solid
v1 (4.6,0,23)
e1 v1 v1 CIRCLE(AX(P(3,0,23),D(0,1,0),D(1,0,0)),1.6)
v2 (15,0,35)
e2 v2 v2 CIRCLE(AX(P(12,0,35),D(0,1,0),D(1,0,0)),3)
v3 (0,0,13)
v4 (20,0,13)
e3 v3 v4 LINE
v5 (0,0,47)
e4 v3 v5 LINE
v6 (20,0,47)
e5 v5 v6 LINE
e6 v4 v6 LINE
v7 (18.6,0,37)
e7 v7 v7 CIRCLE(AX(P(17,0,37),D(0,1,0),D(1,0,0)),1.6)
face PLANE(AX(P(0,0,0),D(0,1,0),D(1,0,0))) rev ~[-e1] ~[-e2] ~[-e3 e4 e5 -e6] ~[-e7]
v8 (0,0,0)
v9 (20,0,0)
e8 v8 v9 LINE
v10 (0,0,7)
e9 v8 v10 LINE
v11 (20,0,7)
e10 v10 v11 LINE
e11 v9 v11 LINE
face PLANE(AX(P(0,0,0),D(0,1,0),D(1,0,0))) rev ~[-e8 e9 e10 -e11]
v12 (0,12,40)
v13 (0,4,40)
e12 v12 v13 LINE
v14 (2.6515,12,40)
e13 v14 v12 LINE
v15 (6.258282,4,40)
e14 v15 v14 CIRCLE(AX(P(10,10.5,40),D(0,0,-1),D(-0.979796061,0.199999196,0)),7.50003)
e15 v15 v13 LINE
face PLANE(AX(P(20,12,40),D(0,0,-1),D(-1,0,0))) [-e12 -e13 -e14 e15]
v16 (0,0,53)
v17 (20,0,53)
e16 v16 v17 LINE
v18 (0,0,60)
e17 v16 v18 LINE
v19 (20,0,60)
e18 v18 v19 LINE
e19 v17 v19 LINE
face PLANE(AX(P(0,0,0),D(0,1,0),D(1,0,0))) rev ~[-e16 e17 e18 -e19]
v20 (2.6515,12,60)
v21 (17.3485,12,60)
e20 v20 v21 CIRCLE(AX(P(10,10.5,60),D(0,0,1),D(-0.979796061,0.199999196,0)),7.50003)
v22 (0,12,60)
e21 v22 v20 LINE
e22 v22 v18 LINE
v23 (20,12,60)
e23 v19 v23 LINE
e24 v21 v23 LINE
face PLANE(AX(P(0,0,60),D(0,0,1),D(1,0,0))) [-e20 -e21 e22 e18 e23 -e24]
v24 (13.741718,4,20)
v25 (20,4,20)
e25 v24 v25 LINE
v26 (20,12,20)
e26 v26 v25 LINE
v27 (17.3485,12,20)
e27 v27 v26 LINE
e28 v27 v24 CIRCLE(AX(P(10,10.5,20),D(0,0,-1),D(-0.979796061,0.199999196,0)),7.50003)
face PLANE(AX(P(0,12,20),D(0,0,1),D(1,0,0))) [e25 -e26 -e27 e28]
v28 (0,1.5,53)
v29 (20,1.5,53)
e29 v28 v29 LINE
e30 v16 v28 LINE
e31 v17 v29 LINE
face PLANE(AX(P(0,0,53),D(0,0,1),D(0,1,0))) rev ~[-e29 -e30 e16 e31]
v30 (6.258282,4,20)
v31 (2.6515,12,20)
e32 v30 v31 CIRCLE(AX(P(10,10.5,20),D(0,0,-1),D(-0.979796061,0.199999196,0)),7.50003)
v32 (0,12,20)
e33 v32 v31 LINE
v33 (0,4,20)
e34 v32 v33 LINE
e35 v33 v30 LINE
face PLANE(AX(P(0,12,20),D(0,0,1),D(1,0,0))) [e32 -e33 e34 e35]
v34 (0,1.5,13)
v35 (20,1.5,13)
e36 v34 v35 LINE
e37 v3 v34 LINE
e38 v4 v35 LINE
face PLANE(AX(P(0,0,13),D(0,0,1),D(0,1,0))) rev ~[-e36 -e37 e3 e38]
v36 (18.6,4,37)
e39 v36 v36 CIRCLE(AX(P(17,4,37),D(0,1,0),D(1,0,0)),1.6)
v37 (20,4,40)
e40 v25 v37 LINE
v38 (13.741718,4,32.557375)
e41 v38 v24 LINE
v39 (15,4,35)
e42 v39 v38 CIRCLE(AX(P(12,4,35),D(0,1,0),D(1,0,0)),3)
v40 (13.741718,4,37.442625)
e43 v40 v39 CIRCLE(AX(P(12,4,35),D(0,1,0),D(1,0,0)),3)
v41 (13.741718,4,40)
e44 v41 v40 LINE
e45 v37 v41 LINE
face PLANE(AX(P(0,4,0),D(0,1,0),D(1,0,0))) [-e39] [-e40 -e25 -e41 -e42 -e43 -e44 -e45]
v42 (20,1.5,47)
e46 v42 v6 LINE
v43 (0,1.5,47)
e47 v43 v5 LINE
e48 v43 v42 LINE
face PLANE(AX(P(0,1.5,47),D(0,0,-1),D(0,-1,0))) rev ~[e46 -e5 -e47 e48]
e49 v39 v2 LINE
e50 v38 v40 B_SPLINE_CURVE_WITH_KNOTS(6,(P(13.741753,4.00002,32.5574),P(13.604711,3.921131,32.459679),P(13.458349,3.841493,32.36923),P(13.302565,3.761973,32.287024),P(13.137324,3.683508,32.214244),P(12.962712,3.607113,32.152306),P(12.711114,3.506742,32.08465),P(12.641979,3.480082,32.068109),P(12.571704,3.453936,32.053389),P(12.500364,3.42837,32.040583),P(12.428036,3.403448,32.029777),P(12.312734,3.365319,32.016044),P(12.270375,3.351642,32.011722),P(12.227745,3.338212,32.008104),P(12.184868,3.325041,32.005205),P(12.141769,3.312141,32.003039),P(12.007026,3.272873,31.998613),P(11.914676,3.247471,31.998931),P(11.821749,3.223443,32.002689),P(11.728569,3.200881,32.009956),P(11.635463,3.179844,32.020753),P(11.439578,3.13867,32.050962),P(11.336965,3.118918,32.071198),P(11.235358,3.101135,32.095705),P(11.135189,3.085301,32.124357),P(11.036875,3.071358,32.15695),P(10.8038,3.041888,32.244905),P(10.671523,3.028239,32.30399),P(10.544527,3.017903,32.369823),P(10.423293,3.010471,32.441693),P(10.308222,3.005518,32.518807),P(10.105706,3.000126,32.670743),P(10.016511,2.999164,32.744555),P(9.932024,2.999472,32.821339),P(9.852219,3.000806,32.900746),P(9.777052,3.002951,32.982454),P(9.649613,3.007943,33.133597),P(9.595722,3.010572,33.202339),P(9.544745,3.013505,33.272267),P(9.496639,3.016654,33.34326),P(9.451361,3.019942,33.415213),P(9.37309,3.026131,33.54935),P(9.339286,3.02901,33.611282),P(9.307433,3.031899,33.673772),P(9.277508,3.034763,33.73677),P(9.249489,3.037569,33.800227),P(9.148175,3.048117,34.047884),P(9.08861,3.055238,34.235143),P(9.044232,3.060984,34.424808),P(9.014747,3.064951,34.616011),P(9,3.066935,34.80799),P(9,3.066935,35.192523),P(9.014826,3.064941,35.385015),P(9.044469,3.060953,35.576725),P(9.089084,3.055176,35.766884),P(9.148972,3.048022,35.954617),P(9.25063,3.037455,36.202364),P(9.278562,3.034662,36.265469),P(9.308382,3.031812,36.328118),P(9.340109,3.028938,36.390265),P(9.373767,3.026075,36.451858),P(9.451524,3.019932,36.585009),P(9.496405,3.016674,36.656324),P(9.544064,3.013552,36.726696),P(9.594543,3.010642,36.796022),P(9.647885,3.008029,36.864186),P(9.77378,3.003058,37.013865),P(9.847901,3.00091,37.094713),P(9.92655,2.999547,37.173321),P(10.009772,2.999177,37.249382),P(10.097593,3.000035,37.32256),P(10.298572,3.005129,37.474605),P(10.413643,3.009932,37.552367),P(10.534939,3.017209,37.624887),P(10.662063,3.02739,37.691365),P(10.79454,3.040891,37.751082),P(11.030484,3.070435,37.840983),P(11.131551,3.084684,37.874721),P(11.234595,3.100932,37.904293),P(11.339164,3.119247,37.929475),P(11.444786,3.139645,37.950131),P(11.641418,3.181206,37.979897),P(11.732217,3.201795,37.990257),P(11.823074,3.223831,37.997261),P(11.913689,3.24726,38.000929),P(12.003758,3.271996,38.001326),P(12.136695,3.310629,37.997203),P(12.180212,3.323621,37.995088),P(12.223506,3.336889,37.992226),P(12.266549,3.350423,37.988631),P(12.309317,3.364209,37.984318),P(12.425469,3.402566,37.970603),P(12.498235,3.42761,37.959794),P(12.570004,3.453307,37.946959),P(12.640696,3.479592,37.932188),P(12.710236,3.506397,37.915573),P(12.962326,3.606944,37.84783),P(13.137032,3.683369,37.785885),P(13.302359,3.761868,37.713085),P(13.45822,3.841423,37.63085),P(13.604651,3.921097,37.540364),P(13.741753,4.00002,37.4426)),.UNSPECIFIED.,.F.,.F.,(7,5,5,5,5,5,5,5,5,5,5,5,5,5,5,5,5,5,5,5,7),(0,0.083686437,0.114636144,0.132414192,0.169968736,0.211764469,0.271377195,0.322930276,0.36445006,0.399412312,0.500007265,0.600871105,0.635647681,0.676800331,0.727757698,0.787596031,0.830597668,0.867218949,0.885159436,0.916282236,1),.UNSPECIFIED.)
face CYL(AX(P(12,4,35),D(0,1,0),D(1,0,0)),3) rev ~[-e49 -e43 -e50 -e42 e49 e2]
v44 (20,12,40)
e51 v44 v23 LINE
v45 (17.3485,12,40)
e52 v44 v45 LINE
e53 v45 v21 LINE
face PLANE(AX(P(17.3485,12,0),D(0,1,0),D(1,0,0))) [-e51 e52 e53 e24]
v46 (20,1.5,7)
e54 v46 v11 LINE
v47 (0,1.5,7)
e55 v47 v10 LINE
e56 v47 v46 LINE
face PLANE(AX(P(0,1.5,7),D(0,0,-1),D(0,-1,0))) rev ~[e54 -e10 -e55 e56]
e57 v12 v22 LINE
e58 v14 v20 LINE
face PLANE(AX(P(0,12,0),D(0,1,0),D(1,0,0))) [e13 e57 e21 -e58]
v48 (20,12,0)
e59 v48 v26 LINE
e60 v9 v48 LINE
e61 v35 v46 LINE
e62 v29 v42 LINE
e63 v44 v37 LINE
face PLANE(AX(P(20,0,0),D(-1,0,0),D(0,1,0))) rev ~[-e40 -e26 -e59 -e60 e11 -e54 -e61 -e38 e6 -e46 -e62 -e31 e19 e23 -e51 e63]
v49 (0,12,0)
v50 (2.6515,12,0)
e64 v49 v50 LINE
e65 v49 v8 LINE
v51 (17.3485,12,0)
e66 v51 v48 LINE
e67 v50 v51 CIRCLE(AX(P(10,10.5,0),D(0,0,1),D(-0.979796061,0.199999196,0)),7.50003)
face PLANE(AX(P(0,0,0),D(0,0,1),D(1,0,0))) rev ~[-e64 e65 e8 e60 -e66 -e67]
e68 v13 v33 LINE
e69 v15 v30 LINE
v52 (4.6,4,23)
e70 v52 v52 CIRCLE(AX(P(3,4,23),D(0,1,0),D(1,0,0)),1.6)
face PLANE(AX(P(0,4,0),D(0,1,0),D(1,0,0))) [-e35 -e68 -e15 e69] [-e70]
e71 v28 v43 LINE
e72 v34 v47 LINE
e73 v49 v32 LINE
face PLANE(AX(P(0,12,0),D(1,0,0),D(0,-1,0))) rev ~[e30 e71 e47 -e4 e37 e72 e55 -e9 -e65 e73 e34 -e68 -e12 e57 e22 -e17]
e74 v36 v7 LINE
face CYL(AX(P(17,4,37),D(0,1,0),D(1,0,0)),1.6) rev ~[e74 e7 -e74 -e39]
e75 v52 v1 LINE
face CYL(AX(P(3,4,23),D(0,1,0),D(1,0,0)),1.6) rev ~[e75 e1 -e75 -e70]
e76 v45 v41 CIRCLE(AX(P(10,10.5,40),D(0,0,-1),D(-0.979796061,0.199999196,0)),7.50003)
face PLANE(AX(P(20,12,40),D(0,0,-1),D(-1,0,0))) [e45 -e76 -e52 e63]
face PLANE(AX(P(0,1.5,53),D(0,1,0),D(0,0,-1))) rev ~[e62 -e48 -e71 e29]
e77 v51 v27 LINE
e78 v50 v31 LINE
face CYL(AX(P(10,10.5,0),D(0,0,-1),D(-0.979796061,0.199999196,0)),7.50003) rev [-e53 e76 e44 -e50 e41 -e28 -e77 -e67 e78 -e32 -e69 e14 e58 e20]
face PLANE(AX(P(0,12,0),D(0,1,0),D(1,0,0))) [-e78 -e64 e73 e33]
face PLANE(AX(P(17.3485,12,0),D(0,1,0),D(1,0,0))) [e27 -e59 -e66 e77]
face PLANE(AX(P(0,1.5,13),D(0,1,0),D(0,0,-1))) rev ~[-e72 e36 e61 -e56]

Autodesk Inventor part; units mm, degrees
ref_plane "YZ Plane" through (0, 0, 0) normal (1, 0, 0) x (0, 1, 0)
ref_plane "XZ Plane" through (0, 0, 0) normal (0, 1, 0) x (-1, 0, 0)
ref_plane "XY Plane" through (0, 0, 0) normal (0, 0, 1) x (1, 0, 0)
sketch "Sketch1" plane through (0, 0, 0) normal (0, 0, 1) x (1, 0, 0)
  line L0 (0, 0) -> (20, 0)
  line L1 (20, 0) -> (20, 12)
  line L2 (20, 12) -> (0, 12) construction
  line L3 (0, 12) -> (0, 0)
  arc A0 (2.6515, 12) -> (17.3485, 12) centre (10, 10.5) ccw
  line L4 (0, 12) -> (2.6515, 12)
  line L5 (17.3485, 12) -> (20, 12)
  point P0 (10, 12)
  dimension "d0" = 20
  dimension "d1" = 12
  dimension "d2" = 15
  dimension "d14" = 1.5
extrude "Extrusion1" add sketch "Sketch1" along normal blind 60
sketch "Sketch4" plane through (0, 12, 0) normal (0, 1, 0) x (1, 0, 0)
  line L0 (0, -20) -> (20, -20)
  line L1 (20, -20) -> (20, -40)
  line L2 (20, -40) -> (0, -40)
  line L3 (0, -40) -> (0, -20)
  line L4 (0, 0) -> (0, -60) projected
  line L5 (17.5, 0) -> (2.5, 0) projected
  line L6 (20, 0) -> (20, -60) projected
  point P0 (0, -30)
  point P1 (0, -30)
  point P2 (10, -20)
  point P3 (10, 0)
  point P4 (17.3485, 0)
  point P5 (2.6515, 0)
  dimension "d15" = 20
extrude "Extrusion4" cut sketch "Sketch4" against normal blind 8
sketch "Sketch5" plane through (0, 4, 0) normal (0, 1, 0) x (1, 0, 0)
  circle A0 centre (3, -23) radius 1.6
  circle A1 centre (17, -37) radius 1.6
  line L0 (17, -37) -> (3, -37) construction
  line L1 (3, -37) -> (3, -23) construction
  line L2 (3, -23) -> (17, -23) construction
  line L3 (17, -23) -> (17, -37) construction
  line L4 (0, -40) -> (0, -20) construction
  line L5 (17.5, 0) -> (2.5, 0) construction
  line L6 (6.2583, -40) -> (2.5, -40) construction
  circle A2 centre (12, -35) radius 1.6 construction
  circle A3 centre (12, -35) radius 3
  point P0 (0, 0)
  point P1 (3, -30)
  point P2 (0, -30)
  point P3 (10, -23)
  point P4 (10, 0)
  point P5 (17.3485, 0)
  point P6 (2.6515, 0)
  point P7 (17.3485, -40)
  point P8 (2.6515, -40)
  dimension "d19" = 3.2
  dimension "d20" = 3.2
  dimension "d21" = 3
  dimension "d22" = 3
  dimension "d30" = 6
extrude "Extrusion5" cut sketch "Sketch5" against normal blind 10
sketch "Sketch6" plane through (0, 0, 0) normal (-1, 0, 0) x (0, 0, 1)
  line L0 (7, 0) -> (13, 0)
  line L1 (13, 0) -> (13, 1.5)
  line L2 (13, 1.5) -> (7, 1.5)
  line L3 (7, 1.5) -> (7, 0)
  line L4 (47, 0) -> (53, 0)
  line L5 (53, 0) -> (53, 1.5)
  line L6 (53, 1.5) -> (47, 1.5)
  line L7 (47, 1.5) -> (47, 0)
  line L8 (0, 12) -> (20, 12) construction
  line L9 (40, 12) -> (60, 12) construction
  point P0 (0, 0)
  point P1 (10, 1.5)
  point P2 (10, 12)
  point P3 (50, 1.5)
  point P4 (50, 12)
  dimension "d25" = 6
  dimension "d26" = 1.5
  dimension "d27" = 6
extrude "Extrusion6" cut sketch "Sketch6" against normal through all
equation "\"d20\" = d19"
properties part number "Linear bearing 8mm clamp"
